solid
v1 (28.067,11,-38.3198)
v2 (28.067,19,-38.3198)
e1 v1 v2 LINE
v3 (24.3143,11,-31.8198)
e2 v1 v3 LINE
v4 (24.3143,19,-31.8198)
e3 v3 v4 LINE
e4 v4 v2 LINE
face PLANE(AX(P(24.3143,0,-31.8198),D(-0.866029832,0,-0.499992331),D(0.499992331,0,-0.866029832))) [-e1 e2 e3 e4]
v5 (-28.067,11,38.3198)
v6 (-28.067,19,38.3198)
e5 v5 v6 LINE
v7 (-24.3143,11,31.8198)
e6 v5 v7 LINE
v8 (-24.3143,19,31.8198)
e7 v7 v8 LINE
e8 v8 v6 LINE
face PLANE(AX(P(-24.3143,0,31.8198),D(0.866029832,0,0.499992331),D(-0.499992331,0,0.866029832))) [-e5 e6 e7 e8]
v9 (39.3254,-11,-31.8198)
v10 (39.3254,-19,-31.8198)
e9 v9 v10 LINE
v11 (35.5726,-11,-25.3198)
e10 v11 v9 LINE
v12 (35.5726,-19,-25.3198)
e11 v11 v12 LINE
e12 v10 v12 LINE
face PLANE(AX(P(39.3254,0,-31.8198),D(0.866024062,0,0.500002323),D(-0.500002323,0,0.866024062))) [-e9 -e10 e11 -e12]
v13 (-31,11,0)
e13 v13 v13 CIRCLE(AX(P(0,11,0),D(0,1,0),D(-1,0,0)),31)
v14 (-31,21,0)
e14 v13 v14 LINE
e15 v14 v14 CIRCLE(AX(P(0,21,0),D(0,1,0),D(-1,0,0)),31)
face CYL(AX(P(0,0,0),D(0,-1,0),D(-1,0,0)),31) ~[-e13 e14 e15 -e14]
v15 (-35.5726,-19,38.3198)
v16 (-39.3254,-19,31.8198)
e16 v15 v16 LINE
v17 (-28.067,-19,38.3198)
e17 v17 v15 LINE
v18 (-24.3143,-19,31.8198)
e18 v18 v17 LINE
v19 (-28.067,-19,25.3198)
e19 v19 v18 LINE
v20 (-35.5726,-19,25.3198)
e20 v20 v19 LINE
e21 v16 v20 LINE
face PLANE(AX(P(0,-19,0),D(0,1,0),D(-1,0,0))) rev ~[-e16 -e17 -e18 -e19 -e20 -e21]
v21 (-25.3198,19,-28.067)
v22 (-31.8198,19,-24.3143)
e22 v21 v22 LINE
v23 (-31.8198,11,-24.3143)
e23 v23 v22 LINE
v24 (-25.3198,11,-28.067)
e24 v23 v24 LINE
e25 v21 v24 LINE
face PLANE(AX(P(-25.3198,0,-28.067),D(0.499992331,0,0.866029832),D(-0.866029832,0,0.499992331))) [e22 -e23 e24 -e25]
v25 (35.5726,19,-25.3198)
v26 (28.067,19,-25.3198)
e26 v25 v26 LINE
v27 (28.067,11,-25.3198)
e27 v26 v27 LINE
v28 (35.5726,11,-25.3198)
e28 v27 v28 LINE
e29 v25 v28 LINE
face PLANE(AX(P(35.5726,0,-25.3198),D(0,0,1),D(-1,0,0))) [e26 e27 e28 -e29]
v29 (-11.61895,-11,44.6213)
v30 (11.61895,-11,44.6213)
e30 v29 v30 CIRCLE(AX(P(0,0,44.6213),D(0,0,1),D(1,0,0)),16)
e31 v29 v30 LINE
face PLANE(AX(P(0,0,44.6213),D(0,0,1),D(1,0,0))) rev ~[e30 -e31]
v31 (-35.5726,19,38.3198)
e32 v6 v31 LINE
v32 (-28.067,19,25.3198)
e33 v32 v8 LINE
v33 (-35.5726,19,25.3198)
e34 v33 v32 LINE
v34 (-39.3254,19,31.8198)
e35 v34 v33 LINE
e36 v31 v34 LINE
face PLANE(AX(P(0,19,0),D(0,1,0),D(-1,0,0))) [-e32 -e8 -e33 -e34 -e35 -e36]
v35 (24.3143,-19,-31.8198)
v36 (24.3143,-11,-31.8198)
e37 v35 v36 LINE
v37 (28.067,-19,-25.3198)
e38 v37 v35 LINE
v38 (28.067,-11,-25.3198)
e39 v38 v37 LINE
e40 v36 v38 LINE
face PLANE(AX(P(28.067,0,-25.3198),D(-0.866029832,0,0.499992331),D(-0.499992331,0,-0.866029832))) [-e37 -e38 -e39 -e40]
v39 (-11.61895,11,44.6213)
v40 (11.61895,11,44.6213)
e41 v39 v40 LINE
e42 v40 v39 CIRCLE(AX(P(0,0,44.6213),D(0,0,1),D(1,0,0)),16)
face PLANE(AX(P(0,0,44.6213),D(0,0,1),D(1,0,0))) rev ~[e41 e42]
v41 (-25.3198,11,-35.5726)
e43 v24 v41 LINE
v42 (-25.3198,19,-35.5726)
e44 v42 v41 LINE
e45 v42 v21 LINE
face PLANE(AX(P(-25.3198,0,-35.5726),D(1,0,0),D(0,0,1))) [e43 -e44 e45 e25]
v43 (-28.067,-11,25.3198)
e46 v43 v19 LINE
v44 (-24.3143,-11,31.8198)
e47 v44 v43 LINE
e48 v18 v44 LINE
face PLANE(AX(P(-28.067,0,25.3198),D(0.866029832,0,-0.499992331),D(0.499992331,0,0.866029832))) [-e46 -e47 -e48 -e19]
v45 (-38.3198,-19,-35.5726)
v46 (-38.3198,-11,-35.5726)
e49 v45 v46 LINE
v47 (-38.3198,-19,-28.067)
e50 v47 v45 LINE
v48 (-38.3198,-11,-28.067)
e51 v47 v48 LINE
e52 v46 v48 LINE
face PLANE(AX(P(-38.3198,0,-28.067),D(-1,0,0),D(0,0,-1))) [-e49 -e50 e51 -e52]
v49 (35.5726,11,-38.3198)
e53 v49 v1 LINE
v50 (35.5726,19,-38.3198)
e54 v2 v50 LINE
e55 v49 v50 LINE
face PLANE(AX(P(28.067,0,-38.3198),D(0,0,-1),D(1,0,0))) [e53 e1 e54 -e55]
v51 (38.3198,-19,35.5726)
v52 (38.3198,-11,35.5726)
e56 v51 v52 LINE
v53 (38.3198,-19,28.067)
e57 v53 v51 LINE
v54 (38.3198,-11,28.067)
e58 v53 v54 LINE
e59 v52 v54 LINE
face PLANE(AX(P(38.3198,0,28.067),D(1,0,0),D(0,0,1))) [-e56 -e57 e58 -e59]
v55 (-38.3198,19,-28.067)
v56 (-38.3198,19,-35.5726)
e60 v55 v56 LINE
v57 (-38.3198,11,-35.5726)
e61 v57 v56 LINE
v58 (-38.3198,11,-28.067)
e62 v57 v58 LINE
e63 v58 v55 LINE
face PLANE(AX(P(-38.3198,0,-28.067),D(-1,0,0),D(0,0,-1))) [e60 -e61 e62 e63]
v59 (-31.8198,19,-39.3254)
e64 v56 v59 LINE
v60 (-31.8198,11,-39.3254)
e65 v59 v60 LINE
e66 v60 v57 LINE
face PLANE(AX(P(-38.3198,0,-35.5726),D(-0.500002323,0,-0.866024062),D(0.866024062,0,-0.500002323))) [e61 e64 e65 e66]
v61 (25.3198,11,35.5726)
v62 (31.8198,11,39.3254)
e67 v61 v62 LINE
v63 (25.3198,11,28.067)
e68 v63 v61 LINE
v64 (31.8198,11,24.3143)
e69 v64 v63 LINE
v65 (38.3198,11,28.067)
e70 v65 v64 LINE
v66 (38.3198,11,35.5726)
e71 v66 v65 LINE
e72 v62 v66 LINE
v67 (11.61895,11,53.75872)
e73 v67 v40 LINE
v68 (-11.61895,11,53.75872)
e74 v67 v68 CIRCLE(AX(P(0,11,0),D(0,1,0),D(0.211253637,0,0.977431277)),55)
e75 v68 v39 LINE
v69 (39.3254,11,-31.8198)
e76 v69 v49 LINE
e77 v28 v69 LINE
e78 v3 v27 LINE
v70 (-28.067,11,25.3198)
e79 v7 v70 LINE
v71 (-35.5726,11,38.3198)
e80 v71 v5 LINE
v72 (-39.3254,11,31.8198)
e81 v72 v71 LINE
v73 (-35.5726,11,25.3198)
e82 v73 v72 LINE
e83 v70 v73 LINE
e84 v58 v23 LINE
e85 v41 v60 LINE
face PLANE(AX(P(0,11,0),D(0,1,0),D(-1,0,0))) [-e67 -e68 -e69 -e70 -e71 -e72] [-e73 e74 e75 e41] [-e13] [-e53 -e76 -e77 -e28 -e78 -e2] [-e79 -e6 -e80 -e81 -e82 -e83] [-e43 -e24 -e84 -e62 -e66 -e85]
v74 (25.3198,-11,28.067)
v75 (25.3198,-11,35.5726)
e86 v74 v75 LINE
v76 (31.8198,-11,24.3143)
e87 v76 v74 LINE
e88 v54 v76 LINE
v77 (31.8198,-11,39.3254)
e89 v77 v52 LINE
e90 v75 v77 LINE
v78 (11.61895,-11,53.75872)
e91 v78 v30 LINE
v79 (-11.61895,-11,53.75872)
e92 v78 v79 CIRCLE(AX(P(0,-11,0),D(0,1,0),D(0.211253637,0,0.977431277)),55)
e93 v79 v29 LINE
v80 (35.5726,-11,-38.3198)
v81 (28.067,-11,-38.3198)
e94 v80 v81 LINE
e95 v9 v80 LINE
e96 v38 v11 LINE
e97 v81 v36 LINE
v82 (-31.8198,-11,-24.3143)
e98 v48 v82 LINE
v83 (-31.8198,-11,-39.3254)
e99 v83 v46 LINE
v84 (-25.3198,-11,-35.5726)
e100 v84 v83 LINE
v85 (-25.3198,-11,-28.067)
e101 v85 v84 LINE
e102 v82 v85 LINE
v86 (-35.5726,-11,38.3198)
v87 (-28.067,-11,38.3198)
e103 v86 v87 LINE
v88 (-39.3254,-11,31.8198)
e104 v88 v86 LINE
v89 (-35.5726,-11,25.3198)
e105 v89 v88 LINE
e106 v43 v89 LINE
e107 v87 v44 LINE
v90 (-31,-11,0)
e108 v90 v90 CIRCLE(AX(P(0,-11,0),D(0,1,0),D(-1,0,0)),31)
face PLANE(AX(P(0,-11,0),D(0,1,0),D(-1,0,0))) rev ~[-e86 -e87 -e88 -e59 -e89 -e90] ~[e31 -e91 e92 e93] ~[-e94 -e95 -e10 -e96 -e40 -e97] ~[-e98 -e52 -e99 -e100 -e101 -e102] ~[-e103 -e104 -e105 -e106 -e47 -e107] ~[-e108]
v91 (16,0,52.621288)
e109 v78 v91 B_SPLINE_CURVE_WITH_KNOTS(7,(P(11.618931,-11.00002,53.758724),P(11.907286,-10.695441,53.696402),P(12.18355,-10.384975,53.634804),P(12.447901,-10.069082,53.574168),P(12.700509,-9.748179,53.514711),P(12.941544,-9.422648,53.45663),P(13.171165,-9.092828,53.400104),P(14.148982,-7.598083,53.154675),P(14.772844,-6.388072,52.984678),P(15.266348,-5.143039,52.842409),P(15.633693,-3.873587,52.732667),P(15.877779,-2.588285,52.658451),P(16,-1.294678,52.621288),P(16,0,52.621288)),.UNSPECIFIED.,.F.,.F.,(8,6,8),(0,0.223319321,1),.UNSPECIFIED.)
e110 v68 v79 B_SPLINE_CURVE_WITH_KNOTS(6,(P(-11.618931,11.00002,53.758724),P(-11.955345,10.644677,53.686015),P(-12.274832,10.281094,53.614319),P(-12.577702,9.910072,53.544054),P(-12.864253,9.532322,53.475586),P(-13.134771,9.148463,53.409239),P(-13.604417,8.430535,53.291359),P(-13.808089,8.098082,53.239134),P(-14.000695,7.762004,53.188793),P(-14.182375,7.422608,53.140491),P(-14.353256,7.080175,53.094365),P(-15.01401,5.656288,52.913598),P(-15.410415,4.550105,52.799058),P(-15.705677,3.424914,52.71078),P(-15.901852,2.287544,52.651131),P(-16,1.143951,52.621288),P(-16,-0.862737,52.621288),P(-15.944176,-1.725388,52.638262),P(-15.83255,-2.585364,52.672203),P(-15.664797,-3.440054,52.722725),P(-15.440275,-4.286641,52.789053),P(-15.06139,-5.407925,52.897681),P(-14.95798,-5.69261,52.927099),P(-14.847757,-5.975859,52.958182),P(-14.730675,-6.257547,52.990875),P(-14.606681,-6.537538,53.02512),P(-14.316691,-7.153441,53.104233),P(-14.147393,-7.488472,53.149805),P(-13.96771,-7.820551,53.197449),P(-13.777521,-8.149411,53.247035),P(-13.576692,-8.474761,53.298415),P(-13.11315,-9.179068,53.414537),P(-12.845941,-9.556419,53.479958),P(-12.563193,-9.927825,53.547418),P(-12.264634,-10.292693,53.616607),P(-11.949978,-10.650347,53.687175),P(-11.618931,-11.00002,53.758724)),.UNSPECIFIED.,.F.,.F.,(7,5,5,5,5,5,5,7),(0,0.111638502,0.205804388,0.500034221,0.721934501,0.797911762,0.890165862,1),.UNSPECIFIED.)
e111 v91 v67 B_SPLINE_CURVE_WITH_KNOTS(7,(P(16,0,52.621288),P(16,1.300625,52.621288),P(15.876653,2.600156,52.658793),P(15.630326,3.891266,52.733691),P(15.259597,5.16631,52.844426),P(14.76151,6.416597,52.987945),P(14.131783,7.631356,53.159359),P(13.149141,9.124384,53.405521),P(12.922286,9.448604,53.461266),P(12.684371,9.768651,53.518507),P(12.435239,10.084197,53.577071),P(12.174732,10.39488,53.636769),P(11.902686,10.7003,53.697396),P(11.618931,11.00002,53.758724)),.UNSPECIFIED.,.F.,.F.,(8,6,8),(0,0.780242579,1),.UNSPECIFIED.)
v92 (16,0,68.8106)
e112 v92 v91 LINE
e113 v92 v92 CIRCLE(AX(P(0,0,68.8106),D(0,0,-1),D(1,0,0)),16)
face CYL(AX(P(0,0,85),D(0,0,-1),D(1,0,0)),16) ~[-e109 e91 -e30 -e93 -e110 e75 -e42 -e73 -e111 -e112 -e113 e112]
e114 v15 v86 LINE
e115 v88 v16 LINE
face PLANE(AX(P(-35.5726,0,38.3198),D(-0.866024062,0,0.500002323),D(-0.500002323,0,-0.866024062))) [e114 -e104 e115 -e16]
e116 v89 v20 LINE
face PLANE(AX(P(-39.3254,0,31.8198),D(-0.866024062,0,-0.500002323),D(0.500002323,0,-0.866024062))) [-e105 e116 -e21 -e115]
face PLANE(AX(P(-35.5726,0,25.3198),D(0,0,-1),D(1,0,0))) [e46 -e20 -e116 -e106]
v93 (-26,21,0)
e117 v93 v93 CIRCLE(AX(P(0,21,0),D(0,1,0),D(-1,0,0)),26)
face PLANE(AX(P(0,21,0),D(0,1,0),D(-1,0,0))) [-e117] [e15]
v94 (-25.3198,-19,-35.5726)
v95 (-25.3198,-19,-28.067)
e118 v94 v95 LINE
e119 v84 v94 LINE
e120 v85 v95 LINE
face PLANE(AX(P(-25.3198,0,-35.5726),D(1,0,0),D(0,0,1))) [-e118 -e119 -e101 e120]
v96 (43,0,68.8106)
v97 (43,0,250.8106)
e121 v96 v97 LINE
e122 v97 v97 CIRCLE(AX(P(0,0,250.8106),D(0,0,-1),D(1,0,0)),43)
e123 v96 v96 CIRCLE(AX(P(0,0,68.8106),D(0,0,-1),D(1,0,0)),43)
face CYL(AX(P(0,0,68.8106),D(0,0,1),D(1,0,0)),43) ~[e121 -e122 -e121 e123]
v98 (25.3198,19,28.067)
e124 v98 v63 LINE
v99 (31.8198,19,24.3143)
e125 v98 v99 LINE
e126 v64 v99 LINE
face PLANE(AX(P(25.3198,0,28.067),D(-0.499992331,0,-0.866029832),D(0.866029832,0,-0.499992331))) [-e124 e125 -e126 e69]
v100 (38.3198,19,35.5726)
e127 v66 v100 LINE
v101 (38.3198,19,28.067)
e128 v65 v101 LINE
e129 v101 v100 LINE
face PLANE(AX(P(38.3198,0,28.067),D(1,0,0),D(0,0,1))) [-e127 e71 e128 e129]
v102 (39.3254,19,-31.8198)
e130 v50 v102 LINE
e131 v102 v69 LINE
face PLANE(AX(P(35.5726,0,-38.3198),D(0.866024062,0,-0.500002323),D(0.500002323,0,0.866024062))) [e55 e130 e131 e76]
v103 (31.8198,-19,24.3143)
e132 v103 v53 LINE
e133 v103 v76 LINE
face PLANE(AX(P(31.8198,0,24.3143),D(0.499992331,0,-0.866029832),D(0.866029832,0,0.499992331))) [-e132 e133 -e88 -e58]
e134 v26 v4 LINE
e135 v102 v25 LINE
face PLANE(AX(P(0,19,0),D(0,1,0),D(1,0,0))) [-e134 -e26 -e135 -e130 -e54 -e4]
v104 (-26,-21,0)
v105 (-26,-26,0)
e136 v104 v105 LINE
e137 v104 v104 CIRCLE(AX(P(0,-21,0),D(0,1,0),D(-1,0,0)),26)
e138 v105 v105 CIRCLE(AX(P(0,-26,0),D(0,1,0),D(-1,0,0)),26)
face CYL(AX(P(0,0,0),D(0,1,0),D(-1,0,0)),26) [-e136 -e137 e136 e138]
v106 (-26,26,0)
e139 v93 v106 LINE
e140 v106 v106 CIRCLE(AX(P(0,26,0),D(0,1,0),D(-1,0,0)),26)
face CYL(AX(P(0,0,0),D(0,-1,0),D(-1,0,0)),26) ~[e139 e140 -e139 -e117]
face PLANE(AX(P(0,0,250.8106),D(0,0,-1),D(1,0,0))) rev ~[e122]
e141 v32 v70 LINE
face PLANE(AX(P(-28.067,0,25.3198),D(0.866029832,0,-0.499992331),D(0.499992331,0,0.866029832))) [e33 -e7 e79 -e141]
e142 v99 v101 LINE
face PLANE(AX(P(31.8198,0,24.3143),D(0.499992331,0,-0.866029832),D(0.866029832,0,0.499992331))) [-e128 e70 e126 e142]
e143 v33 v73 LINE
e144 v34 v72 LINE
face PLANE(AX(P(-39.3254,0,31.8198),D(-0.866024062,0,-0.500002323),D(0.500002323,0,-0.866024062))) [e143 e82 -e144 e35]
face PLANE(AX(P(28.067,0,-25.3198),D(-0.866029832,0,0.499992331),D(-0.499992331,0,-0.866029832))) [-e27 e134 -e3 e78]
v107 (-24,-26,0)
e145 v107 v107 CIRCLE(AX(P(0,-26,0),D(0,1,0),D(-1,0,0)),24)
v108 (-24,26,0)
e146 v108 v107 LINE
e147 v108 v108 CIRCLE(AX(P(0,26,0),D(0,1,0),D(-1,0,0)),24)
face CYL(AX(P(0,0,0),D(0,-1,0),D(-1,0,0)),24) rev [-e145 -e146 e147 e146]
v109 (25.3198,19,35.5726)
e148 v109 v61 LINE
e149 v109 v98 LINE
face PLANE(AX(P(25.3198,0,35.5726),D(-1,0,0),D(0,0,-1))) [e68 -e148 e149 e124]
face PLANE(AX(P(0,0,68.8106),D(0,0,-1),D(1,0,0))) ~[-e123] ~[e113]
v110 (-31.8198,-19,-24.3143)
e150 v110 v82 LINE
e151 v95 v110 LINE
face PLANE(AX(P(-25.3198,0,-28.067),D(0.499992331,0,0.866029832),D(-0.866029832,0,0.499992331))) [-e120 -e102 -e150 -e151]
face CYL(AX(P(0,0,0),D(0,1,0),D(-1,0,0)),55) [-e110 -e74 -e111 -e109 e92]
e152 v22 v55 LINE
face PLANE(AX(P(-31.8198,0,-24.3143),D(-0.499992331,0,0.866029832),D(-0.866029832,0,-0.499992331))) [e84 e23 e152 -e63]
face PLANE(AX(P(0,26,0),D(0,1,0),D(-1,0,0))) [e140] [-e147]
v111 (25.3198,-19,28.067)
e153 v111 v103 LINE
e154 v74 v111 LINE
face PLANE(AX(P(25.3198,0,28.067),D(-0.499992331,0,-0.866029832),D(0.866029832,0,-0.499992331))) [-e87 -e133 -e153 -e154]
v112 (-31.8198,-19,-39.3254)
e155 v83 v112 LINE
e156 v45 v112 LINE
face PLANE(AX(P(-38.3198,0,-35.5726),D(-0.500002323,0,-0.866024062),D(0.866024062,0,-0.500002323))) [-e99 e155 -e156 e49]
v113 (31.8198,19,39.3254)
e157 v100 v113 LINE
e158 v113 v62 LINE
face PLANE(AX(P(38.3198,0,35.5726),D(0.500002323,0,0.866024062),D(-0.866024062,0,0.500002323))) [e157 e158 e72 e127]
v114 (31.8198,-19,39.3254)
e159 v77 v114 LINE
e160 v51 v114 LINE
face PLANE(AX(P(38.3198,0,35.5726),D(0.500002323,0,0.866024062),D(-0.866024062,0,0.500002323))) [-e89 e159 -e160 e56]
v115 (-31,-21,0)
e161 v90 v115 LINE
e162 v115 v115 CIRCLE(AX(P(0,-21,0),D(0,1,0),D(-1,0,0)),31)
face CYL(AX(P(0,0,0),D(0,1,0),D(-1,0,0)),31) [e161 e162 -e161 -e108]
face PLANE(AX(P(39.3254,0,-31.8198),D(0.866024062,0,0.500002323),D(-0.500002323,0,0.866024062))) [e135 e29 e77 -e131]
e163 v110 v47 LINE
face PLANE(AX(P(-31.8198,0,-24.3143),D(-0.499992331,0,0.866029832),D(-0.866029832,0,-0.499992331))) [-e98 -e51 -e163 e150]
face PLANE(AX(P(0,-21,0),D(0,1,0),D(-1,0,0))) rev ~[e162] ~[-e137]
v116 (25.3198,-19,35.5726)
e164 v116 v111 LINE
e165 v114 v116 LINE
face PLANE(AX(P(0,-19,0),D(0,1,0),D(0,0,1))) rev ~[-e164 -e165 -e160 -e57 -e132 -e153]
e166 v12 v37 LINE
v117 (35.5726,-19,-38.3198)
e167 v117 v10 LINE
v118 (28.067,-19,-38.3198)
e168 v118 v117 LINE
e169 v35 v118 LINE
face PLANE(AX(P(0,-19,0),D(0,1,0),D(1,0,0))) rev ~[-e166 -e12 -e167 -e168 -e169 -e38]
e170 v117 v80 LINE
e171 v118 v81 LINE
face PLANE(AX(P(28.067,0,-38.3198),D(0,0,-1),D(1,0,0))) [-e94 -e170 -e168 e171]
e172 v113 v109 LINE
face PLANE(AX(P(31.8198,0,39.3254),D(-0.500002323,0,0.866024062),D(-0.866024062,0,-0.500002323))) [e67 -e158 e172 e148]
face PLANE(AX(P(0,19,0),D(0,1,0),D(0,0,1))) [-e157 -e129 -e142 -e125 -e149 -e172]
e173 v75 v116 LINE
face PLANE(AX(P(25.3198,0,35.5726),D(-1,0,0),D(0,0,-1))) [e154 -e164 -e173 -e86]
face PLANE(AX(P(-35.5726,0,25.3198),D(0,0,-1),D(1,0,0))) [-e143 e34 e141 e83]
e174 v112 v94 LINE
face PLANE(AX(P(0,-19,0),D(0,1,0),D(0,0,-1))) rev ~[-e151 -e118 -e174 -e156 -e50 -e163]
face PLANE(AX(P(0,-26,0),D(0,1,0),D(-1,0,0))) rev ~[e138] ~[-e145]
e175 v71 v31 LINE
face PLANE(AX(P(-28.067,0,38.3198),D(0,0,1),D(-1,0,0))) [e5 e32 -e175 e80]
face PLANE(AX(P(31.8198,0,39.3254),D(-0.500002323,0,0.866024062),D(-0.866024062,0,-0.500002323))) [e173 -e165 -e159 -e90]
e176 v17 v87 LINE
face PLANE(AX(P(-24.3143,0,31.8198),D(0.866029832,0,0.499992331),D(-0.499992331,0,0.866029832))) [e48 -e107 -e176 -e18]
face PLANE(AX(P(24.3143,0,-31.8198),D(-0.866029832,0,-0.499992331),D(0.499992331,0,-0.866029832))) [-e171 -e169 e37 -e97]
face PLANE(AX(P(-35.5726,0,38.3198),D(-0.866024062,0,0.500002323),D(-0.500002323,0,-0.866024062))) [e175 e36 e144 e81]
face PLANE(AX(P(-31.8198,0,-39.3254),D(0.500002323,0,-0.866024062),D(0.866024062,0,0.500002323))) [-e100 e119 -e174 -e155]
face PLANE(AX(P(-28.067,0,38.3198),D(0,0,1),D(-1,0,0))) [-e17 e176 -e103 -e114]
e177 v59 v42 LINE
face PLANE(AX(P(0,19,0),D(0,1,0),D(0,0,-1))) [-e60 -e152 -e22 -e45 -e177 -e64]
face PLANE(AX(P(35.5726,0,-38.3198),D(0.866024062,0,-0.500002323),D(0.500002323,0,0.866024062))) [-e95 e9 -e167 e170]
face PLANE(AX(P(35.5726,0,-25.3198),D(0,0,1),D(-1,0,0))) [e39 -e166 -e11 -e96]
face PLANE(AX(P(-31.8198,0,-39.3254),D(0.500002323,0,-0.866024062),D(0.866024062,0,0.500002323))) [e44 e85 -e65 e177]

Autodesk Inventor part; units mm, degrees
ref_plane "YZ Plane" through (0, 0, 0) normal (1, 0, 0) x (0, 1, 0)
ref_plane "XZ Plane" through (0, 0, 0) normal (0, 1, 0) x (-1, 0, 0)
ref_plane "XY Plane" through (0, 0, 0) normal (0, 0, 1) x (1, 0, 0)
sketch "Sketch11" plane through (0, 0, 0) normal (0, 1, 0) x (-1, 0, 0)
  circle A0 centre (0, 0) radius 26
  circle A1 centre (0, 0) radius 24
  circle A2 centre (0, 0) radius 31
  circle A3 centre (0, 0) radius 55
  line L0 (35.5726, 38.3198) -> (39.3254, 31.8198)
  line L1 (39.3254, 31.8198) -> (35.5726, 25.3198)
  line L2 (35.5726, 25.3198) -> (28.067, 25.3198)
  line L3 (28.067, 25.3198) -> (24.3143, 31.8198)
  line L4 (24.3143, 31.8198) -> (28.067, 38.3198)
  line L5 (28.067, 38.3198) -> (35.5726, 38.3198)
  line L6 (0, 0) -> (31.8198, 31.8198) construction
  line L7 (0, 0) -> (45, 0) construction
  line L8 (35.5726, 38.3198) -> (28.067, 25.3198) construction
  line L9 (28.067, 38.3198) -> (35.5726, 25.3198) construction
  line L10 (39.3254, 31.8198) -> (24.3143, 31.8198) construction
  line L11 (0, 52.6213) -> (0, 85)
  line L12 (0, 85) -> (-16, 85)
  line L13 (-16, 85) -> (-16, 52.6213)
  line L14 (0, 64) -> (0, 58.5)
  line L15 (-16, 52.6213) -> (0, 52.6213)
  line L16 (0, 52.6213) -> (-16, 52.6213)
  line L17 (-16, 52.6213) -> (-16, 44.6213)
  line L18 (-16, 44.6213) -> (0, 44.6213)
  line L19 (0, 44.6213) -> (0, 52.6213)
  line L20 (0, 68.8106) -> (-43, 68.8106)
  line L21 (-43, 68.8106) -> (-43, 250.8106)
  line L22 (-43, 250.8106) -> (0, 250.8106)
  line L23 (0, 250.8106) -> (0, 68.8106)
  dimension "oOuterDia" = 110
  dimension "oPipeDia" = 52
  dimension "oPipeWall" = 2
  dimension "oPipeLenght" = 5
  dimension "oKdia" = 45
  dimension "d70" = 45
  dimension "oSW" = 13
  dimension "oCenterTop" = 85
  dimension "d78" = 16
  dimension "d86" = 8
  dimension "oActuatorDia" = 43
  dimension "oActuatorLenght" = 182
extrude "Extrusion12" add sketch "Sketch11" along normal mid plane 52 contours A0
extrude "Extrusion13" add sketch "Sketch11" along normal mid plane 42 contours A2
extrude "Extrusion14" add sketch "Sketch11" along normal mid plane 22 contours L17 L18 L19 L11 A3 | A3 L11 L15 | L15 L19 L18 L17 | L0 L1 L2 L3 L4 L5
extrude "Extrusion15" add sketch "Sketch11" along normal mid plane 38 contours L0 L1 L2 L3 L4 L5
pattern_circular "Circular Pattern2" count 4 over 360 about axis through (0, 0, 0) along (0, 1, 0) of "Extrusion15"
revolve "Revolution1" add sketch "Sketch11" angle 360 about axis through (0, 0, 52.6213) along (0, 0, 1) contours L13 L20 L11 A3 | A3 L11 L15 | L15 L19 L18 L17 | L13 L12 L11 L20
revolve "Revolution4" add sketch "Sketch11" angle 360 about axis through (0, 0, 250.8106) along (0, 0, -1) contours L20 L21 L22 L23 L12 L13 | L13 L12 L11 L20
equation "\"d65\" = -2 * oPipeLenght + oValveLenght"
equation "\"oValveLenght\" = 52"
properties part number "MANUAL SANITARY BUTTERFLY VALVE 304L DN50" material "304L"
